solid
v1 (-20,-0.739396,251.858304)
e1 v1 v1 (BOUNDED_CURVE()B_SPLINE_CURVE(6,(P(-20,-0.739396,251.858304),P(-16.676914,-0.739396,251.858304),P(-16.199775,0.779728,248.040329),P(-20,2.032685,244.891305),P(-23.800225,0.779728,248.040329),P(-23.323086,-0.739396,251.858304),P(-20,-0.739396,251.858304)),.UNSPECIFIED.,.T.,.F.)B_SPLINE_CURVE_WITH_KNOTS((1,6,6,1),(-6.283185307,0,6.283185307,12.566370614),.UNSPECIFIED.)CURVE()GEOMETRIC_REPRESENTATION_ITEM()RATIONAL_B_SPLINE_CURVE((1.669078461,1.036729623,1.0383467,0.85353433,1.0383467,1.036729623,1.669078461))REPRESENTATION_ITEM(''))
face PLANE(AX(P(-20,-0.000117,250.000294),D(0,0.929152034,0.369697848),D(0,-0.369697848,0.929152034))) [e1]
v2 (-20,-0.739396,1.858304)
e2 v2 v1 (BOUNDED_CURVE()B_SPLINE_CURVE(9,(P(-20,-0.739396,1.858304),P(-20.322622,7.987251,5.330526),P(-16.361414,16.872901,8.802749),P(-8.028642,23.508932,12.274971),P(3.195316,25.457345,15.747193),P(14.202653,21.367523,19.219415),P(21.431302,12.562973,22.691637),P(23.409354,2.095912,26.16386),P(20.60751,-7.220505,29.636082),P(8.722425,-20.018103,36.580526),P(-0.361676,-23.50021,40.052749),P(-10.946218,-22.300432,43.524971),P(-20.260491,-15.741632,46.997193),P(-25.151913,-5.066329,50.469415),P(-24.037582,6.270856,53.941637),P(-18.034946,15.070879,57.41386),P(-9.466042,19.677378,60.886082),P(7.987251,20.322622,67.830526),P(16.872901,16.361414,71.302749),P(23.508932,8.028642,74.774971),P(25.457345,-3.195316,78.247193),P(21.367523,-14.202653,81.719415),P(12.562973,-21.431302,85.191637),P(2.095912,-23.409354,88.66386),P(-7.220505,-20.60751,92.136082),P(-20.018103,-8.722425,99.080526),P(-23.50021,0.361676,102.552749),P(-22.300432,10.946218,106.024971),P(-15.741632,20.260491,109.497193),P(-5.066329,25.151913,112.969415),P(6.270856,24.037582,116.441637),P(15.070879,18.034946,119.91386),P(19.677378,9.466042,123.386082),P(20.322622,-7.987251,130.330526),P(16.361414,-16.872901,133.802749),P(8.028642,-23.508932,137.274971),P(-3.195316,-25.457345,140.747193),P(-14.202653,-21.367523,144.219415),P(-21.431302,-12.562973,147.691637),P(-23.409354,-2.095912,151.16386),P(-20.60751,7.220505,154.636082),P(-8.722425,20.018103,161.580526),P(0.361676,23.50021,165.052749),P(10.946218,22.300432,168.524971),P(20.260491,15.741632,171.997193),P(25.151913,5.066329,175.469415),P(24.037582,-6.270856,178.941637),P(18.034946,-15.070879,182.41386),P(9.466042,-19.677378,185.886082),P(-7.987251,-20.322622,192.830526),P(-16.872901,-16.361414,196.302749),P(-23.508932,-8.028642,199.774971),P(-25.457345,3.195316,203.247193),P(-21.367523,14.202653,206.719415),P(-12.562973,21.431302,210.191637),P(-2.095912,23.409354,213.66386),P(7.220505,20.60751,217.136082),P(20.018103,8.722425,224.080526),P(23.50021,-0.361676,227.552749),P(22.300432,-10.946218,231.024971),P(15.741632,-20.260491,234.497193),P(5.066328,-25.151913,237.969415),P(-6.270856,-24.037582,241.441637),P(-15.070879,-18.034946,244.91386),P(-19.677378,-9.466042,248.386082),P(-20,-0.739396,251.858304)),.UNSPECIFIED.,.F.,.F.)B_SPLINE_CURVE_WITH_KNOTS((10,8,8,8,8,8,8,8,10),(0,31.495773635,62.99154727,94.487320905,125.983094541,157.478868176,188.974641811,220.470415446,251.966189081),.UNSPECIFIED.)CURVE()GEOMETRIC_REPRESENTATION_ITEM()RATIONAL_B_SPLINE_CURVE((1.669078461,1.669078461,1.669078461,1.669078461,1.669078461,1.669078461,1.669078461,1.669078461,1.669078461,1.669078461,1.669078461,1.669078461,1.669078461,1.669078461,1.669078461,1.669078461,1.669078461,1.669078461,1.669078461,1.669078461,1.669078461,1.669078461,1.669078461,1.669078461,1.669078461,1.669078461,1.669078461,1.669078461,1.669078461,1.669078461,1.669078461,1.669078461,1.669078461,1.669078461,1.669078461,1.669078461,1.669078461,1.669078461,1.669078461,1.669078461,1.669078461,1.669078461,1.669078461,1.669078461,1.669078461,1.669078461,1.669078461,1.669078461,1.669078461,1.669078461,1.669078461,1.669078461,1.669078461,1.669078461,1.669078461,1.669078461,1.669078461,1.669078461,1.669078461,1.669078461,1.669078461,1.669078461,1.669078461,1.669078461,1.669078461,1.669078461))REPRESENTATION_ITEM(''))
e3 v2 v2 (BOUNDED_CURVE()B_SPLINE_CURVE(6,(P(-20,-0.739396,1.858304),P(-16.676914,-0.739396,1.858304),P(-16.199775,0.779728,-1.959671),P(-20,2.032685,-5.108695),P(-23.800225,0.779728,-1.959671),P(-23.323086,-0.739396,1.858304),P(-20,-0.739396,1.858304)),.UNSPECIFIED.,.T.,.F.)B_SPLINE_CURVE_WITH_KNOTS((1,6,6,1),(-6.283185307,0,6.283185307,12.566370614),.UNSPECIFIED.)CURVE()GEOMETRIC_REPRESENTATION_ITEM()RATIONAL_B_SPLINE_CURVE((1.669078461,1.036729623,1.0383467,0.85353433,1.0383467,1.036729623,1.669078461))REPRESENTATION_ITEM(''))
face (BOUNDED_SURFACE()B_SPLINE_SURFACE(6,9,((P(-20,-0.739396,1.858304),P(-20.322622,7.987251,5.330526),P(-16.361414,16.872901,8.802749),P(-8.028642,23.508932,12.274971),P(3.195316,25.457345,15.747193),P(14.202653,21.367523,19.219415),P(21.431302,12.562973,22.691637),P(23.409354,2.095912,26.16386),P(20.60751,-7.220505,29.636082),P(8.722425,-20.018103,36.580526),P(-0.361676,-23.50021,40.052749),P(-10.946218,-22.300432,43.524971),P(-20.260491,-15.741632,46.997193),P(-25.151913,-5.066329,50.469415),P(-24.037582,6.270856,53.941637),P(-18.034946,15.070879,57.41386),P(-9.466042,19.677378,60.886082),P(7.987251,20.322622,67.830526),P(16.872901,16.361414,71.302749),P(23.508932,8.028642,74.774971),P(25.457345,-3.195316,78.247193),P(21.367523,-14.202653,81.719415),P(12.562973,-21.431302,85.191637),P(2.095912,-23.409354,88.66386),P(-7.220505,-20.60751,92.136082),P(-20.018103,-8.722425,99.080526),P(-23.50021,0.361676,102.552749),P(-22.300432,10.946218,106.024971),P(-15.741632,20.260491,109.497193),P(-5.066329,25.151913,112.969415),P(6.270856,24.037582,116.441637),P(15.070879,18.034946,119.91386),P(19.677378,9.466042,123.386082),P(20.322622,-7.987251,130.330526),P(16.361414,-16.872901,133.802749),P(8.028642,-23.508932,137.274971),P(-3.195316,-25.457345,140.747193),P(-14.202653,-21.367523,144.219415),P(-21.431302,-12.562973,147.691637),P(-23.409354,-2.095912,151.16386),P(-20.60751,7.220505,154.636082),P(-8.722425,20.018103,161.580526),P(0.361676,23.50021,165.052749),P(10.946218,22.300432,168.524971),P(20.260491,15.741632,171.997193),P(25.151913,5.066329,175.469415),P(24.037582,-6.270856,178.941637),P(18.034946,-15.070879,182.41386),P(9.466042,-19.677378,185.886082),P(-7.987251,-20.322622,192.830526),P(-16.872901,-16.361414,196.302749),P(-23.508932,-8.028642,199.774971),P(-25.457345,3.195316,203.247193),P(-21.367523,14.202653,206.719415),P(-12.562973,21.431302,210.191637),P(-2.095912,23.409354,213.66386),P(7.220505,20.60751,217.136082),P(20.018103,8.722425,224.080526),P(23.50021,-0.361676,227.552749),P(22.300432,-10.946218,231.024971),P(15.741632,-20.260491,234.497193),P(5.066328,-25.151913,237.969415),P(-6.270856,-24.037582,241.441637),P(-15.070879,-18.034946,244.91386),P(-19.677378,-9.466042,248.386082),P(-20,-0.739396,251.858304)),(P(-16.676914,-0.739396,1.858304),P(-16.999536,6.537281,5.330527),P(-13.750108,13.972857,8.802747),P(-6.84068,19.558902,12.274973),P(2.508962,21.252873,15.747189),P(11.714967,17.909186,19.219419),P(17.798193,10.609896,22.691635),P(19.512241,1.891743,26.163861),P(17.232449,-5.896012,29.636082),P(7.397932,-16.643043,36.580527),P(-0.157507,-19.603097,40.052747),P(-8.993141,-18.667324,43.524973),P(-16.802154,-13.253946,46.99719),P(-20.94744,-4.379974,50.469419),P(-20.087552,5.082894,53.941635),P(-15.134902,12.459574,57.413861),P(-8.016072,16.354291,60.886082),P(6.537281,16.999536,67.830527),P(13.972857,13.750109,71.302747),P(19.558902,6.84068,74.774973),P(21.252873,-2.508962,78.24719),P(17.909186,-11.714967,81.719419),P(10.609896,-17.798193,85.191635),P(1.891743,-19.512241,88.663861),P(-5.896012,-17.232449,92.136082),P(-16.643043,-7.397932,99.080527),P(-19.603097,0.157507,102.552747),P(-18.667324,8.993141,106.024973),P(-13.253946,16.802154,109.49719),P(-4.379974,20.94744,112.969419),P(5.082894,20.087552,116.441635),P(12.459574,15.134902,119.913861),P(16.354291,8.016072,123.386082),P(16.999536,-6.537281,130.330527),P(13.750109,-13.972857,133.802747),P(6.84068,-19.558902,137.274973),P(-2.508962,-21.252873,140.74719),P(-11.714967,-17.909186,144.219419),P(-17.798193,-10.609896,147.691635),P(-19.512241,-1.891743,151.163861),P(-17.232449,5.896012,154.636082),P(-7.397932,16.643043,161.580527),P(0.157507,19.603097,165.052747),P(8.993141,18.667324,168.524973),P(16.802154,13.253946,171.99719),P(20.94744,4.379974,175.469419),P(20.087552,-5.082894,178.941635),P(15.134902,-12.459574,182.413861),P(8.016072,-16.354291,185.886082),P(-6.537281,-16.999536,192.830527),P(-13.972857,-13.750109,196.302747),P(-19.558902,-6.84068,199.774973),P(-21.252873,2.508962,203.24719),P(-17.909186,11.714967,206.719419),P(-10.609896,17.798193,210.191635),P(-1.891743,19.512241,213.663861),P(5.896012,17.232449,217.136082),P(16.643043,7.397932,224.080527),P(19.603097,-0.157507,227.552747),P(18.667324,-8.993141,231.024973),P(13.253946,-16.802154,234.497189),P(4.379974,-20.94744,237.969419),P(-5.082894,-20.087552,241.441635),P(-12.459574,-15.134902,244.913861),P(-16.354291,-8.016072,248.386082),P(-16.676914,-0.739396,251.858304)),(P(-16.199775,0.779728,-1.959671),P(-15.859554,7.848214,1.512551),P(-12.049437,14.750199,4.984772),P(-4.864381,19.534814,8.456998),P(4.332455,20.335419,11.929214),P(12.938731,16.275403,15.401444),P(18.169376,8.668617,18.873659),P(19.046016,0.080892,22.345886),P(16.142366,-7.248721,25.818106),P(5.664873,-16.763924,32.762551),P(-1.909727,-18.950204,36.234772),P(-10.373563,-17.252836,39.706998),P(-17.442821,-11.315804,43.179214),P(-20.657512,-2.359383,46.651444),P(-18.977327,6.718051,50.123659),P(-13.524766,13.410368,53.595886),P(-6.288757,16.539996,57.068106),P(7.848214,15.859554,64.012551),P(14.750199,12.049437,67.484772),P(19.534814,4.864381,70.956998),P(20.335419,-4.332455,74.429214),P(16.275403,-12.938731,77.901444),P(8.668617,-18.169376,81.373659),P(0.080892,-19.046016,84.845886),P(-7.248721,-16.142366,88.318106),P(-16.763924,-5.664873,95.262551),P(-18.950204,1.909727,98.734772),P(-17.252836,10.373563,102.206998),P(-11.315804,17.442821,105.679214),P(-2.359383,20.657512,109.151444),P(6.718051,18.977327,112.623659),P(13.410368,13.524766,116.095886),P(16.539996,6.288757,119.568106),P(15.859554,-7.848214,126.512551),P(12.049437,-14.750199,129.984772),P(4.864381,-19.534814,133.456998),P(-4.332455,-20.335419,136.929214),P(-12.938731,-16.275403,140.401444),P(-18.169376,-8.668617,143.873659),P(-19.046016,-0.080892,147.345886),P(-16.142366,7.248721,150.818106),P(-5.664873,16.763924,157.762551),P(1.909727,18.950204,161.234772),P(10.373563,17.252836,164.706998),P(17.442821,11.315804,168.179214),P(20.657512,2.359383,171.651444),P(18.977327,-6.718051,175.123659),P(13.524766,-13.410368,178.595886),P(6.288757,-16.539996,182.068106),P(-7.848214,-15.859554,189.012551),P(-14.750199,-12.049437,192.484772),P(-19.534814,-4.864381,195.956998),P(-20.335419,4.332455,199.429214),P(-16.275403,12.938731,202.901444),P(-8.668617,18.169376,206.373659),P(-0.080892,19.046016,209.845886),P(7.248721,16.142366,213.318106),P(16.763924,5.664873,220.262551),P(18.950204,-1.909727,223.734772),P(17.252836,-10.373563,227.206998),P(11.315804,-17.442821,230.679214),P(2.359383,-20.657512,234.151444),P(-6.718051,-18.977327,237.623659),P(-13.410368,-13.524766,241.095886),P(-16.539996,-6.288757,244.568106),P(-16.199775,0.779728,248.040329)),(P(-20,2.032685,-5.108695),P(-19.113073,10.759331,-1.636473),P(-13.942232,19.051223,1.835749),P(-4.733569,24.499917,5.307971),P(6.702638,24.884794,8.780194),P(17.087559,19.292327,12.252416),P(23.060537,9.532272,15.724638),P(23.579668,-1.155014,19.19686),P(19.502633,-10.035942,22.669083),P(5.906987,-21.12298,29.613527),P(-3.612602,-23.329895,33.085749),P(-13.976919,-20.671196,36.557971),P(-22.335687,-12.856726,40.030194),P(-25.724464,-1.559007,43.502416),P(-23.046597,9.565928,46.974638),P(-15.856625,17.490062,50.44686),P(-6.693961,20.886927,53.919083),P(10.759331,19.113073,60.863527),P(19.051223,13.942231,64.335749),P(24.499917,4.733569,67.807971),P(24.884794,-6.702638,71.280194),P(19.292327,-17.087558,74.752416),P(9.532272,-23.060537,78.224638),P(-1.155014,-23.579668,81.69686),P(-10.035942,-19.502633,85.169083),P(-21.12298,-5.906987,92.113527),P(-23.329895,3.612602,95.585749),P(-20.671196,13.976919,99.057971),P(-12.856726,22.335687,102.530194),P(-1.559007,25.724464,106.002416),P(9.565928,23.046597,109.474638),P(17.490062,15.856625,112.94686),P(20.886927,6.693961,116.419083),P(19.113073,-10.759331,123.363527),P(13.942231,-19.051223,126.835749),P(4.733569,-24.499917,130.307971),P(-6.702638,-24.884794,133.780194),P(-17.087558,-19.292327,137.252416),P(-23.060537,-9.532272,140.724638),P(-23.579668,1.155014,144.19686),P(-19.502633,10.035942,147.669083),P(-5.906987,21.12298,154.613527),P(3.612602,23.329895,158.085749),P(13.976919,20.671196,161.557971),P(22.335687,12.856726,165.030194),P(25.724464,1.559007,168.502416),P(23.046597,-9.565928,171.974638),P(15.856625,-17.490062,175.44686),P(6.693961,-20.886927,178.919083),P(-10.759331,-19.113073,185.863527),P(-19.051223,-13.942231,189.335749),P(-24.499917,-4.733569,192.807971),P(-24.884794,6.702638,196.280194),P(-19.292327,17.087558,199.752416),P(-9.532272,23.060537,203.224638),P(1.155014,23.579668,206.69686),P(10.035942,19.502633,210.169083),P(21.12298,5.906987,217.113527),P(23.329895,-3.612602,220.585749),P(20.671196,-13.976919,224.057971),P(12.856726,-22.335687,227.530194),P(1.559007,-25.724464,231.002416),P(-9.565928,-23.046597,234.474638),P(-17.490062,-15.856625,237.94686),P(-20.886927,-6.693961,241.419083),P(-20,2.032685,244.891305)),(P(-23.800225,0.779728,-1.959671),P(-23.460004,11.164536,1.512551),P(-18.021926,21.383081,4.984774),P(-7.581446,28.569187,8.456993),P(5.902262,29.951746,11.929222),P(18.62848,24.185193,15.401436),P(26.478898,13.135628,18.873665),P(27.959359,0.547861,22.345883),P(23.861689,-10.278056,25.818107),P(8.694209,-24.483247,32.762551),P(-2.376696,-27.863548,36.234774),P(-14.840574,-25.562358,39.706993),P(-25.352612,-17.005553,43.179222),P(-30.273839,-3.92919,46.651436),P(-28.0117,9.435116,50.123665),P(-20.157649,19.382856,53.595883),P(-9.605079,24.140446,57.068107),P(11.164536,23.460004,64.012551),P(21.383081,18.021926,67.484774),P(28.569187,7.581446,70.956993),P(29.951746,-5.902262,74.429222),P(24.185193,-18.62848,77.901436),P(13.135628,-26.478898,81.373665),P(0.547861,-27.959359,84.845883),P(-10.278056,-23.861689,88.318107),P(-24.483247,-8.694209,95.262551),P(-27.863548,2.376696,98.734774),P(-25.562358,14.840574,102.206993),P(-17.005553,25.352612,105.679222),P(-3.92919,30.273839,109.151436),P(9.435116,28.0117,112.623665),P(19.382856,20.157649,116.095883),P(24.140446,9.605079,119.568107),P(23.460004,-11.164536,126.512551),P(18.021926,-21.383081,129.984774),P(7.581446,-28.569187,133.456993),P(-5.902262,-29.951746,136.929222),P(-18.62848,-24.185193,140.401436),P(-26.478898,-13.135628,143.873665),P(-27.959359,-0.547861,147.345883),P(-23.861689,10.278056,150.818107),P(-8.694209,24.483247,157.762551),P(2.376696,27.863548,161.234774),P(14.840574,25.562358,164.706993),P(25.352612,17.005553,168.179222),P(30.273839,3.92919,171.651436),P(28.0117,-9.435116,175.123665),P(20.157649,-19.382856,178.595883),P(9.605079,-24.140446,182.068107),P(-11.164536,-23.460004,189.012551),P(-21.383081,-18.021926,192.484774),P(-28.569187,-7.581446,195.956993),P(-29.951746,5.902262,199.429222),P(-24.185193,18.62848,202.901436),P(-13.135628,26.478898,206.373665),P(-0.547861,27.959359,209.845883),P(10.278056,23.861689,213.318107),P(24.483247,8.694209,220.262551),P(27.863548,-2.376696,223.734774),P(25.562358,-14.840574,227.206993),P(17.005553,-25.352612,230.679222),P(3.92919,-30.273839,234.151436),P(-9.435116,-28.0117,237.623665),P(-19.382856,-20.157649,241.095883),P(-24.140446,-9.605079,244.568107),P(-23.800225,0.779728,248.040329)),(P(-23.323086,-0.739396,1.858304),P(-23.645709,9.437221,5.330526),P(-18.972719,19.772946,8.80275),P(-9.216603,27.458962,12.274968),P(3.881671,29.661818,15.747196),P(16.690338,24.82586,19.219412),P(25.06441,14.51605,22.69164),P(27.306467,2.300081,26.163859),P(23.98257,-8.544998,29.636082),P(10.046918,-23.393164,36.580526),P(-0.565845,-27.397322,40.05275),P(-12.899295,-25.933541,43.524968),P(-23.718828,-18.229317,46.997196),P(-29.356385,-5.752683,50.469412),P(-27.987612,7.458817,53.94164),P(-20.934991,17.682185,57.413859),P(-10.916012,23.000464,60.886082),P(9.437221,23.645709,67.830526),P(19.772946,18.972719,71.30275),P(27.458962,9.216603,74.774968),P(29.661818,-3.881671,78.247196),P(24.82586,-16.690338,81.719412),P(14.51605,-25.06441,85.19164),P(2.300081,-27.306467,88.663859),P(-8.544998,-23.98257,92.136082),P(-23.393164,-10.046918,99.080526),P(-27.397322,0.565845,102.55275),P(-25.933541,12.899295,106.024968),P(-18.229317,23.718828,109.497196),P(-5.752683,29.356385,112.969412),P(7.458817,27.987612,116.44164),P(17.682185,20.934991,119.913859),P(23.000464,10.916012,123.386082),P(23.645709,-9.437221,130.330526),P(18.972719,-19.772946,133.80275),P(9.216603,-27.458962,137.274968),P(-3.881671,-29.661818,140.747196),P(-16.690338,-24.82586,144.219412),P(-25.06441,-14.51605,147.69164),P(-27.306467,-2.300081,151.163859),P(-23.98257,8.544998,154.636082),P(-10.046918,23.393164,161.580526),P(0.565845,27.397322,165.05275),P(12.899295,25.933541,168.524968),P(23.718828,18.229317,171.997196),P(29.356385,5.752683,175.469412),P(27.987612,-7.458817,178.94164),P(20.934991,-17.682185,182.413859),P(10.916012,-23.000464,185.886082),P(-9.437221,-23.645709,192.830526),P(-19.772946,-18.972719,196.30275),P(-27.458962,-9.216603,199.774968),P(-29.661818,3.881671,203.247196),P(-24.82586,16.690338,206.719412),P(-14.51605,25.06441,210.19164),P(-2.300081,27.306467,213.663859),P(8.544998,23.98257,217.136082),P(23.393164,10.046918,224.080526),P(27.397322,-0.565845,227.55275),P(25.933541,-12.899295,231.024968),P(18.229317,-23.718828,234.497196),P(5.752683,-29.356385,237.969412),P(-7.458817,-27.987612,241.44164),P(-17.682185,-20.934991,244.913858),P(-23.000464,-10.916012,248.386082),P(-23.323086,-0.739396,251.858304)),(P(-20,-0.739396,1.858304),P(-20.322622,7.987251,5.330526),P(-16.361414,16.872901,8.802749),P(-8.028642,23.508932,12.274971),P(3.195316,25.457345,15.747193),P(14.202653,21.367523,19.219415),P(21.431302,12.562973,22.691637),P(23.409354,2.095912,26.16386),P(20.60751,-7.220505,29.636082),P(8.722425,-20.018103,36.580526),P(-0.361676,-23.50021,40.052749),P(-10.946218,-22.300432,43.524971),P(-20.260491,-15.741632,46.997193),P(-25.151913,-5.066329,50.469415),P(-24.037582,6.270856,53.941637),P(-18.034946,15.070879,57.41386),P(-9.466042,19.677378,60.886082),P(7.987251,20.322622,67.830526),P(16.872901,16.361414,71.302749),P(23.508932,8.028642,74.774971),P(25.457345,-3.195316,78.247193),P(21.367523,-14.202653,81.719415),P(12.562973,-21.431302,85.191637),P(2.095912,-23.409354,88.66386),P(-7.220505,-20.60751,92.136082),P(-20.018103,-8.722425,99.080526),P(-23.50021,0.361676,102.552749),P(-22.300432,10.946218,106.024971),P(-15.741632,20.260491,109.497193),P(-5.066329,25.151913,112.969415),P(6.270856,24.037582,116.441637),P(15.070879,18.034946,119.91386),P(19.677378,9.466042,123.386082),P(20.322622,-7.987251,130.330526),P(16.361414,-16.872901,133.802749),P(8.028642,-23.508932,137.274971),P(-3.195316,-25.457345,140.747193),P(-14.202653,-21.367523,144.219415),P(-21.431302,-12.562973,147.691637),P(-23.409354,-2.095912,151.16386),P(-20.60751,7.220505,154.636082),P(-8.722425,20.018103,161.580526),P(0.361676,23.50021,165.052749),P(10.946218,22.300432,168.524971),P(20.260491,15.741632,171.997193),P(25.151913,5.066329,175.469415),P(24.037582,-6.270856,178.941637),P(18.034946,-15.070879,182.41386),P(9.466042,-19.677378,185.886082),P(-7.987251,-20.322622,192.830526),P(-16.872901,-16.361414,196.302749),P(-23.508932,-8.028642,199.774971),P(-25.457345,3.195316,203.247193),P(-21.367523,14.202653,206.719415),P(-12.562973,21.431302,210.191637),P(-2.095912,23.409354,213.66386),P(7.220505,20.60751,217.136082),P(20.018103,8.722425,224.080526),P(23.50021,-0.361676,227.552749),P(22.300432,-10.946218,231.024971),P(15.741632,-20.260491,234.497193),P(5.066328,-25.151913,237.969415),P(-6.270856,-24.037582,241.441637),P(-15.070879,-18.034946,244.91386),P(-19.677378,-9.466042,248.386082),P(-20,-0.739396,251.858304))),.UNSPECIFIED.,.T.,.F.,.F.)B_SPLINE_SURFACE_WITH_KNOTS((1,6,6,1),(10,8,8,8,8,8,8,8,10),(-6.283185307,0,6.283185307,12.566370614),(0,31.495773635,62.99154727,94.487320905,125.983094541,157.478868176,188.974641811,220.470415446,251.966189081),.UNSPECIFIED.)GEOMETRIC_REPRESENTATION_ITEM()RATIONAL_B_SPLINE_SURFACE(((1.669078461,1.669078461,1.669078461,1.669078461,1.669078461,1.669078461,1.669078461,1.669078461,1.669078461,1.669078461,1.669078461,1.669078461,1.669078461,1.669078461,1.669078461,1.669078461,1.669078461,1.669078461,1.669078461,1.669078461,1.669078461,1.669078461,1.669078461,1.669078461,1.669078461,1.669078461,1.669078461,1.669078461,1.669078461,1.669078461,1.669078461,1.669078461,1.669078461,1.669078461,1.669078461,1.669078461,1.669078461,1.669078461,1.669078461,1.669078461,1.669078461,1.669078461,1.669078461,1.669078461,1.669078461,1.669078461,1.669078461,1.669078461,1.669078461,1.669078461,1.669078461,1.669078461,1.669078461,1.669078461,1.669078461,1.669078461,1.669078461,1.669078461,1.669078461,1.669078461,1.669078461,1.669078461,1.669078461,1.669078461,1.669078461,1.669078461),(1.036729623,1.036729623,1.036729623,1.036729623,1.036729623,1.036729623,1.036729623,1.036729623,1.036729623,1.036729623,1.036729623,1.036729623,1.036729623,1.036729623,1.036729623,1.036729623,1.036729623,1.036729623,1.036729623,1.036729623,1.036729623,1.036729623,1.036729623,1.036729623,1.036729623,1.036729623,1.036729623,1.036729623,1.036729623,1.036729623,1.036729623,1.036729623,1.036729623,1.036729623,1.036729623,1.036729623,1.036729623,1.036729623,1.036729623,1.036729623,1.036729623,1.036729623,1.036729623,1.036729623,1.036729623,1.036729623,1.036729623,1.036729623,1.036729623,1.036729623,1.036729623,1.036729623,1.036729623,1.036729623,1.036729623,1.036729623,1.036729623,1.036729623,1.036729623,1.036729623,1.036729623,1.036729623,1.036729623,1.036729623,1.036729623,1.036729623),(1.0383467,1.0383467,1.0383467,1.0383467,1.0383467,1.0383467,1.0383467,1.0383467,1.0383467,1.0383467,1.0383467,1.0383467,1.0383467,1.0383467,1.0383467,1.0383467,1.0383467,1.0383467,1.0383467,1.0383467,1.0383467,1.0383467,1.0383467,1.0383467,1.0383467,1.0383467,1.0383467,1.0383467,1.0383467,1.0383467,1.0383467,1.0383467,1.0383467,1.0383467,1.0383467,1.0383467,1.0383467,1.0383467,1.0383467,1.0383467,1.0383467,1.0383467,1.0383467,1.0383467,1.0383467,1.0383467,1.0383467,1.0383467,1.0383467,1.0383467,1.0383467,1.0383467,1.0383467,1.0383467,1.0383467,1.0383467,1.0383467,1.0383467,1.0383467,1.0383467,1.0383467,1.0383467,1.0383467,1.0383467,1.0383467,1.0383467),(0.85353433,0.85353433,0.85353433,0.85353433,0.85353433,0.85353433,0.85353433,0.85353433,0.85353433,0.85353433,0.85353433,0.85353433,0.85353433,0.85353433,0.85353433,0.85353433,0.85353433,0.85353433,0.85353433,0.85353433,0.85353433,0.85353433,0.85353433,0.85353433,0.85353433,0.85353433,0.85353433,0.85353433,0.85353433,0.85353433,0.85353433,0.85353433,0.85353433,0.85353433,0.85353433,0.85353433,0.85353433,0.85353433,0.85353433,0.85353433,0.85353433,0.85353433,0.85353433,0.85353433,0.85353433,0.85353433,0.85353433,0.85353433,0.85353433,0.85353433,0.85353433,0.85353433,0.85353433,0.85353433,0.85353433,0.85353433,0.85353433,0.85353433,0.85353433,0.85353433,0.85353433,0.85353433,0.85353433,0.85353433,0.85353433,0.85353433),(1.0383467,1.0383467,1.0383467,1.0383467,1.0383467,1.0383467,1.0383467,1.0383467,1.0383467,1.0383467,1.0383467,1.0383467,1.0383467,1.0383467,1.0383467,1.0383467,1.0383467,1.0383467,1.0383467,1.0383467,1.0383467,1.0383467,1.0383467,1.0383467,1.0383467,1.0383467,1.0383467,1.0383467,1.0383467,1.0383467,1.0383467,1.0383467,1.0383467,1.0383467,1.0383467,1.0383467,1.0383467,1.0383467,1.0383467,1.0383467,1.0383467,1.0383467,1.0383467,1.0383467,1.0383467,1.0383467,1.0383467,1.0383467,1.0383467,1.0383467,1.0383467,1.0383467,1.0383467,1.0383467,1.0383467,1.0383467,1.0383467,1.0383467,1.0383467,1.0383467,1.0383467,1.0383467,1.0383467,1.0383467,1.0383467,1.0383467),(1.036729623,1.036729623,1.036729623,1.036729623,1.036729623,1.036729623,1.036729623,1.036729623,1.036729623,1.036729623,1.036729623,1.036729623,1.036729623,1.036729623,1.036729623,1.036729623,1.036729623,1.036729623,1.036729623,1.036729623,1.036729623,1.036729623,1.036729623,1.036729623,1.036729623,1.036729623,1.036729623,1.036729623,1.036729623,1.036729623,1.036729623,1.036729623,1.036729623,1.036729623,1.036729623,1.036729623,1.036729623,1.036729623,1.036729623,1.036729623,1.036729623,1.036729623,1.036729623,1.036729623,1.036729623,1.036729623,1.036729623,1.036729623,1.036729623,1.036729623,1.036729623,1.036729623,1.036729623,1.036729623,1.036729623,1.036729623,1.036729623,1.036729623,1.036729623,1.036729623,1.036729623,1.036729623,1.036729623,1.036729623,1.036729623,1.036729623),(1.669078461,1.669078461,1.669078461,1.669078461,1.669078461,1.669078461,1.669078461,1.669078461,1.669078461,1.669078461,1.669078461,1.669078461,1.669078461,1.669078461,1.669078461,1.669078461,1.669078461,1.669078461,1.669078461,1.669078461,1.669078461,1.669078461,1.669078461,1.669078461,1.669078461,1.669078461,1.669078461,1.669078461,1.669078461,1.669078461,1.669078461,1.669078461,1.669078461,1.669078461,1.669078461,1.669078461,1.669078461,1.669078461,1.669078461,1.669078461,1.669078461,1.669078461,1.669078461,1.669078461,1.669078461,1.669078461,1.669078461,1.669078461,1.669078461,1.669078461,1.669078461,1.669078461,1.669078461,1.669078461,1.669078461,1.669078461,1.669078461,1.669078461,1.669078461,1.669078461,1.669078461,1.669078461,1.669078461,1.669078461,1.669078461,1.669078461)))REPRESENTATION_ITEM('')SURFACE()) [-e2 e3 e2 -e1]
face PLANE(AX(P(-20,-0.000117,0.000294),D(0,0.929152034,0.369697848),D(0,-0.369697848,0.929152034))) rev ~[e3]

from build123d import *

# Parameters (mm, degrees)
BALAYAGE1_PITCH       = 50
BALAYAGE1_HEIGHT      = 250
BALAYAGE1_RADIUS      = 20
BALAYAGE1_START_ANGLE = -180
BALAYAGE1_PROFILE_R   = 2


with BuildPart() as part:
    # Balayage1: sweep along a helix
    with BuildLine() as balayage1_path:
        add(Helix(BALAYAGE1_PITCH, BALAYAGE1_HEIGHT, BALAYAGE1_RADIUS, center=(0, 0, 0), direction=(0, 0, 1), lefthand=True, mode=Mode.PRIVATE).rotate(Axis((0, 0, 0), (0, 0, 1)), BALAYAGE1_START_ANGLE))
    # Balayage1 profile (on start of the path) → Balayage1 (sweep)
    with BuildSketch(Plane(origin=(-20, 0, 0), x_dir=(0, -0.3696978475698628, 0.9291520335780418), z_dir=(2.6129274859105733e-13, 0.9291520335780418, 0.3696978475698628))):
        Circle(BALAYAGE1_PROFILE_R)
    sweep(path=balayage1_path.line, is_frenet=True)


solid = part.part
